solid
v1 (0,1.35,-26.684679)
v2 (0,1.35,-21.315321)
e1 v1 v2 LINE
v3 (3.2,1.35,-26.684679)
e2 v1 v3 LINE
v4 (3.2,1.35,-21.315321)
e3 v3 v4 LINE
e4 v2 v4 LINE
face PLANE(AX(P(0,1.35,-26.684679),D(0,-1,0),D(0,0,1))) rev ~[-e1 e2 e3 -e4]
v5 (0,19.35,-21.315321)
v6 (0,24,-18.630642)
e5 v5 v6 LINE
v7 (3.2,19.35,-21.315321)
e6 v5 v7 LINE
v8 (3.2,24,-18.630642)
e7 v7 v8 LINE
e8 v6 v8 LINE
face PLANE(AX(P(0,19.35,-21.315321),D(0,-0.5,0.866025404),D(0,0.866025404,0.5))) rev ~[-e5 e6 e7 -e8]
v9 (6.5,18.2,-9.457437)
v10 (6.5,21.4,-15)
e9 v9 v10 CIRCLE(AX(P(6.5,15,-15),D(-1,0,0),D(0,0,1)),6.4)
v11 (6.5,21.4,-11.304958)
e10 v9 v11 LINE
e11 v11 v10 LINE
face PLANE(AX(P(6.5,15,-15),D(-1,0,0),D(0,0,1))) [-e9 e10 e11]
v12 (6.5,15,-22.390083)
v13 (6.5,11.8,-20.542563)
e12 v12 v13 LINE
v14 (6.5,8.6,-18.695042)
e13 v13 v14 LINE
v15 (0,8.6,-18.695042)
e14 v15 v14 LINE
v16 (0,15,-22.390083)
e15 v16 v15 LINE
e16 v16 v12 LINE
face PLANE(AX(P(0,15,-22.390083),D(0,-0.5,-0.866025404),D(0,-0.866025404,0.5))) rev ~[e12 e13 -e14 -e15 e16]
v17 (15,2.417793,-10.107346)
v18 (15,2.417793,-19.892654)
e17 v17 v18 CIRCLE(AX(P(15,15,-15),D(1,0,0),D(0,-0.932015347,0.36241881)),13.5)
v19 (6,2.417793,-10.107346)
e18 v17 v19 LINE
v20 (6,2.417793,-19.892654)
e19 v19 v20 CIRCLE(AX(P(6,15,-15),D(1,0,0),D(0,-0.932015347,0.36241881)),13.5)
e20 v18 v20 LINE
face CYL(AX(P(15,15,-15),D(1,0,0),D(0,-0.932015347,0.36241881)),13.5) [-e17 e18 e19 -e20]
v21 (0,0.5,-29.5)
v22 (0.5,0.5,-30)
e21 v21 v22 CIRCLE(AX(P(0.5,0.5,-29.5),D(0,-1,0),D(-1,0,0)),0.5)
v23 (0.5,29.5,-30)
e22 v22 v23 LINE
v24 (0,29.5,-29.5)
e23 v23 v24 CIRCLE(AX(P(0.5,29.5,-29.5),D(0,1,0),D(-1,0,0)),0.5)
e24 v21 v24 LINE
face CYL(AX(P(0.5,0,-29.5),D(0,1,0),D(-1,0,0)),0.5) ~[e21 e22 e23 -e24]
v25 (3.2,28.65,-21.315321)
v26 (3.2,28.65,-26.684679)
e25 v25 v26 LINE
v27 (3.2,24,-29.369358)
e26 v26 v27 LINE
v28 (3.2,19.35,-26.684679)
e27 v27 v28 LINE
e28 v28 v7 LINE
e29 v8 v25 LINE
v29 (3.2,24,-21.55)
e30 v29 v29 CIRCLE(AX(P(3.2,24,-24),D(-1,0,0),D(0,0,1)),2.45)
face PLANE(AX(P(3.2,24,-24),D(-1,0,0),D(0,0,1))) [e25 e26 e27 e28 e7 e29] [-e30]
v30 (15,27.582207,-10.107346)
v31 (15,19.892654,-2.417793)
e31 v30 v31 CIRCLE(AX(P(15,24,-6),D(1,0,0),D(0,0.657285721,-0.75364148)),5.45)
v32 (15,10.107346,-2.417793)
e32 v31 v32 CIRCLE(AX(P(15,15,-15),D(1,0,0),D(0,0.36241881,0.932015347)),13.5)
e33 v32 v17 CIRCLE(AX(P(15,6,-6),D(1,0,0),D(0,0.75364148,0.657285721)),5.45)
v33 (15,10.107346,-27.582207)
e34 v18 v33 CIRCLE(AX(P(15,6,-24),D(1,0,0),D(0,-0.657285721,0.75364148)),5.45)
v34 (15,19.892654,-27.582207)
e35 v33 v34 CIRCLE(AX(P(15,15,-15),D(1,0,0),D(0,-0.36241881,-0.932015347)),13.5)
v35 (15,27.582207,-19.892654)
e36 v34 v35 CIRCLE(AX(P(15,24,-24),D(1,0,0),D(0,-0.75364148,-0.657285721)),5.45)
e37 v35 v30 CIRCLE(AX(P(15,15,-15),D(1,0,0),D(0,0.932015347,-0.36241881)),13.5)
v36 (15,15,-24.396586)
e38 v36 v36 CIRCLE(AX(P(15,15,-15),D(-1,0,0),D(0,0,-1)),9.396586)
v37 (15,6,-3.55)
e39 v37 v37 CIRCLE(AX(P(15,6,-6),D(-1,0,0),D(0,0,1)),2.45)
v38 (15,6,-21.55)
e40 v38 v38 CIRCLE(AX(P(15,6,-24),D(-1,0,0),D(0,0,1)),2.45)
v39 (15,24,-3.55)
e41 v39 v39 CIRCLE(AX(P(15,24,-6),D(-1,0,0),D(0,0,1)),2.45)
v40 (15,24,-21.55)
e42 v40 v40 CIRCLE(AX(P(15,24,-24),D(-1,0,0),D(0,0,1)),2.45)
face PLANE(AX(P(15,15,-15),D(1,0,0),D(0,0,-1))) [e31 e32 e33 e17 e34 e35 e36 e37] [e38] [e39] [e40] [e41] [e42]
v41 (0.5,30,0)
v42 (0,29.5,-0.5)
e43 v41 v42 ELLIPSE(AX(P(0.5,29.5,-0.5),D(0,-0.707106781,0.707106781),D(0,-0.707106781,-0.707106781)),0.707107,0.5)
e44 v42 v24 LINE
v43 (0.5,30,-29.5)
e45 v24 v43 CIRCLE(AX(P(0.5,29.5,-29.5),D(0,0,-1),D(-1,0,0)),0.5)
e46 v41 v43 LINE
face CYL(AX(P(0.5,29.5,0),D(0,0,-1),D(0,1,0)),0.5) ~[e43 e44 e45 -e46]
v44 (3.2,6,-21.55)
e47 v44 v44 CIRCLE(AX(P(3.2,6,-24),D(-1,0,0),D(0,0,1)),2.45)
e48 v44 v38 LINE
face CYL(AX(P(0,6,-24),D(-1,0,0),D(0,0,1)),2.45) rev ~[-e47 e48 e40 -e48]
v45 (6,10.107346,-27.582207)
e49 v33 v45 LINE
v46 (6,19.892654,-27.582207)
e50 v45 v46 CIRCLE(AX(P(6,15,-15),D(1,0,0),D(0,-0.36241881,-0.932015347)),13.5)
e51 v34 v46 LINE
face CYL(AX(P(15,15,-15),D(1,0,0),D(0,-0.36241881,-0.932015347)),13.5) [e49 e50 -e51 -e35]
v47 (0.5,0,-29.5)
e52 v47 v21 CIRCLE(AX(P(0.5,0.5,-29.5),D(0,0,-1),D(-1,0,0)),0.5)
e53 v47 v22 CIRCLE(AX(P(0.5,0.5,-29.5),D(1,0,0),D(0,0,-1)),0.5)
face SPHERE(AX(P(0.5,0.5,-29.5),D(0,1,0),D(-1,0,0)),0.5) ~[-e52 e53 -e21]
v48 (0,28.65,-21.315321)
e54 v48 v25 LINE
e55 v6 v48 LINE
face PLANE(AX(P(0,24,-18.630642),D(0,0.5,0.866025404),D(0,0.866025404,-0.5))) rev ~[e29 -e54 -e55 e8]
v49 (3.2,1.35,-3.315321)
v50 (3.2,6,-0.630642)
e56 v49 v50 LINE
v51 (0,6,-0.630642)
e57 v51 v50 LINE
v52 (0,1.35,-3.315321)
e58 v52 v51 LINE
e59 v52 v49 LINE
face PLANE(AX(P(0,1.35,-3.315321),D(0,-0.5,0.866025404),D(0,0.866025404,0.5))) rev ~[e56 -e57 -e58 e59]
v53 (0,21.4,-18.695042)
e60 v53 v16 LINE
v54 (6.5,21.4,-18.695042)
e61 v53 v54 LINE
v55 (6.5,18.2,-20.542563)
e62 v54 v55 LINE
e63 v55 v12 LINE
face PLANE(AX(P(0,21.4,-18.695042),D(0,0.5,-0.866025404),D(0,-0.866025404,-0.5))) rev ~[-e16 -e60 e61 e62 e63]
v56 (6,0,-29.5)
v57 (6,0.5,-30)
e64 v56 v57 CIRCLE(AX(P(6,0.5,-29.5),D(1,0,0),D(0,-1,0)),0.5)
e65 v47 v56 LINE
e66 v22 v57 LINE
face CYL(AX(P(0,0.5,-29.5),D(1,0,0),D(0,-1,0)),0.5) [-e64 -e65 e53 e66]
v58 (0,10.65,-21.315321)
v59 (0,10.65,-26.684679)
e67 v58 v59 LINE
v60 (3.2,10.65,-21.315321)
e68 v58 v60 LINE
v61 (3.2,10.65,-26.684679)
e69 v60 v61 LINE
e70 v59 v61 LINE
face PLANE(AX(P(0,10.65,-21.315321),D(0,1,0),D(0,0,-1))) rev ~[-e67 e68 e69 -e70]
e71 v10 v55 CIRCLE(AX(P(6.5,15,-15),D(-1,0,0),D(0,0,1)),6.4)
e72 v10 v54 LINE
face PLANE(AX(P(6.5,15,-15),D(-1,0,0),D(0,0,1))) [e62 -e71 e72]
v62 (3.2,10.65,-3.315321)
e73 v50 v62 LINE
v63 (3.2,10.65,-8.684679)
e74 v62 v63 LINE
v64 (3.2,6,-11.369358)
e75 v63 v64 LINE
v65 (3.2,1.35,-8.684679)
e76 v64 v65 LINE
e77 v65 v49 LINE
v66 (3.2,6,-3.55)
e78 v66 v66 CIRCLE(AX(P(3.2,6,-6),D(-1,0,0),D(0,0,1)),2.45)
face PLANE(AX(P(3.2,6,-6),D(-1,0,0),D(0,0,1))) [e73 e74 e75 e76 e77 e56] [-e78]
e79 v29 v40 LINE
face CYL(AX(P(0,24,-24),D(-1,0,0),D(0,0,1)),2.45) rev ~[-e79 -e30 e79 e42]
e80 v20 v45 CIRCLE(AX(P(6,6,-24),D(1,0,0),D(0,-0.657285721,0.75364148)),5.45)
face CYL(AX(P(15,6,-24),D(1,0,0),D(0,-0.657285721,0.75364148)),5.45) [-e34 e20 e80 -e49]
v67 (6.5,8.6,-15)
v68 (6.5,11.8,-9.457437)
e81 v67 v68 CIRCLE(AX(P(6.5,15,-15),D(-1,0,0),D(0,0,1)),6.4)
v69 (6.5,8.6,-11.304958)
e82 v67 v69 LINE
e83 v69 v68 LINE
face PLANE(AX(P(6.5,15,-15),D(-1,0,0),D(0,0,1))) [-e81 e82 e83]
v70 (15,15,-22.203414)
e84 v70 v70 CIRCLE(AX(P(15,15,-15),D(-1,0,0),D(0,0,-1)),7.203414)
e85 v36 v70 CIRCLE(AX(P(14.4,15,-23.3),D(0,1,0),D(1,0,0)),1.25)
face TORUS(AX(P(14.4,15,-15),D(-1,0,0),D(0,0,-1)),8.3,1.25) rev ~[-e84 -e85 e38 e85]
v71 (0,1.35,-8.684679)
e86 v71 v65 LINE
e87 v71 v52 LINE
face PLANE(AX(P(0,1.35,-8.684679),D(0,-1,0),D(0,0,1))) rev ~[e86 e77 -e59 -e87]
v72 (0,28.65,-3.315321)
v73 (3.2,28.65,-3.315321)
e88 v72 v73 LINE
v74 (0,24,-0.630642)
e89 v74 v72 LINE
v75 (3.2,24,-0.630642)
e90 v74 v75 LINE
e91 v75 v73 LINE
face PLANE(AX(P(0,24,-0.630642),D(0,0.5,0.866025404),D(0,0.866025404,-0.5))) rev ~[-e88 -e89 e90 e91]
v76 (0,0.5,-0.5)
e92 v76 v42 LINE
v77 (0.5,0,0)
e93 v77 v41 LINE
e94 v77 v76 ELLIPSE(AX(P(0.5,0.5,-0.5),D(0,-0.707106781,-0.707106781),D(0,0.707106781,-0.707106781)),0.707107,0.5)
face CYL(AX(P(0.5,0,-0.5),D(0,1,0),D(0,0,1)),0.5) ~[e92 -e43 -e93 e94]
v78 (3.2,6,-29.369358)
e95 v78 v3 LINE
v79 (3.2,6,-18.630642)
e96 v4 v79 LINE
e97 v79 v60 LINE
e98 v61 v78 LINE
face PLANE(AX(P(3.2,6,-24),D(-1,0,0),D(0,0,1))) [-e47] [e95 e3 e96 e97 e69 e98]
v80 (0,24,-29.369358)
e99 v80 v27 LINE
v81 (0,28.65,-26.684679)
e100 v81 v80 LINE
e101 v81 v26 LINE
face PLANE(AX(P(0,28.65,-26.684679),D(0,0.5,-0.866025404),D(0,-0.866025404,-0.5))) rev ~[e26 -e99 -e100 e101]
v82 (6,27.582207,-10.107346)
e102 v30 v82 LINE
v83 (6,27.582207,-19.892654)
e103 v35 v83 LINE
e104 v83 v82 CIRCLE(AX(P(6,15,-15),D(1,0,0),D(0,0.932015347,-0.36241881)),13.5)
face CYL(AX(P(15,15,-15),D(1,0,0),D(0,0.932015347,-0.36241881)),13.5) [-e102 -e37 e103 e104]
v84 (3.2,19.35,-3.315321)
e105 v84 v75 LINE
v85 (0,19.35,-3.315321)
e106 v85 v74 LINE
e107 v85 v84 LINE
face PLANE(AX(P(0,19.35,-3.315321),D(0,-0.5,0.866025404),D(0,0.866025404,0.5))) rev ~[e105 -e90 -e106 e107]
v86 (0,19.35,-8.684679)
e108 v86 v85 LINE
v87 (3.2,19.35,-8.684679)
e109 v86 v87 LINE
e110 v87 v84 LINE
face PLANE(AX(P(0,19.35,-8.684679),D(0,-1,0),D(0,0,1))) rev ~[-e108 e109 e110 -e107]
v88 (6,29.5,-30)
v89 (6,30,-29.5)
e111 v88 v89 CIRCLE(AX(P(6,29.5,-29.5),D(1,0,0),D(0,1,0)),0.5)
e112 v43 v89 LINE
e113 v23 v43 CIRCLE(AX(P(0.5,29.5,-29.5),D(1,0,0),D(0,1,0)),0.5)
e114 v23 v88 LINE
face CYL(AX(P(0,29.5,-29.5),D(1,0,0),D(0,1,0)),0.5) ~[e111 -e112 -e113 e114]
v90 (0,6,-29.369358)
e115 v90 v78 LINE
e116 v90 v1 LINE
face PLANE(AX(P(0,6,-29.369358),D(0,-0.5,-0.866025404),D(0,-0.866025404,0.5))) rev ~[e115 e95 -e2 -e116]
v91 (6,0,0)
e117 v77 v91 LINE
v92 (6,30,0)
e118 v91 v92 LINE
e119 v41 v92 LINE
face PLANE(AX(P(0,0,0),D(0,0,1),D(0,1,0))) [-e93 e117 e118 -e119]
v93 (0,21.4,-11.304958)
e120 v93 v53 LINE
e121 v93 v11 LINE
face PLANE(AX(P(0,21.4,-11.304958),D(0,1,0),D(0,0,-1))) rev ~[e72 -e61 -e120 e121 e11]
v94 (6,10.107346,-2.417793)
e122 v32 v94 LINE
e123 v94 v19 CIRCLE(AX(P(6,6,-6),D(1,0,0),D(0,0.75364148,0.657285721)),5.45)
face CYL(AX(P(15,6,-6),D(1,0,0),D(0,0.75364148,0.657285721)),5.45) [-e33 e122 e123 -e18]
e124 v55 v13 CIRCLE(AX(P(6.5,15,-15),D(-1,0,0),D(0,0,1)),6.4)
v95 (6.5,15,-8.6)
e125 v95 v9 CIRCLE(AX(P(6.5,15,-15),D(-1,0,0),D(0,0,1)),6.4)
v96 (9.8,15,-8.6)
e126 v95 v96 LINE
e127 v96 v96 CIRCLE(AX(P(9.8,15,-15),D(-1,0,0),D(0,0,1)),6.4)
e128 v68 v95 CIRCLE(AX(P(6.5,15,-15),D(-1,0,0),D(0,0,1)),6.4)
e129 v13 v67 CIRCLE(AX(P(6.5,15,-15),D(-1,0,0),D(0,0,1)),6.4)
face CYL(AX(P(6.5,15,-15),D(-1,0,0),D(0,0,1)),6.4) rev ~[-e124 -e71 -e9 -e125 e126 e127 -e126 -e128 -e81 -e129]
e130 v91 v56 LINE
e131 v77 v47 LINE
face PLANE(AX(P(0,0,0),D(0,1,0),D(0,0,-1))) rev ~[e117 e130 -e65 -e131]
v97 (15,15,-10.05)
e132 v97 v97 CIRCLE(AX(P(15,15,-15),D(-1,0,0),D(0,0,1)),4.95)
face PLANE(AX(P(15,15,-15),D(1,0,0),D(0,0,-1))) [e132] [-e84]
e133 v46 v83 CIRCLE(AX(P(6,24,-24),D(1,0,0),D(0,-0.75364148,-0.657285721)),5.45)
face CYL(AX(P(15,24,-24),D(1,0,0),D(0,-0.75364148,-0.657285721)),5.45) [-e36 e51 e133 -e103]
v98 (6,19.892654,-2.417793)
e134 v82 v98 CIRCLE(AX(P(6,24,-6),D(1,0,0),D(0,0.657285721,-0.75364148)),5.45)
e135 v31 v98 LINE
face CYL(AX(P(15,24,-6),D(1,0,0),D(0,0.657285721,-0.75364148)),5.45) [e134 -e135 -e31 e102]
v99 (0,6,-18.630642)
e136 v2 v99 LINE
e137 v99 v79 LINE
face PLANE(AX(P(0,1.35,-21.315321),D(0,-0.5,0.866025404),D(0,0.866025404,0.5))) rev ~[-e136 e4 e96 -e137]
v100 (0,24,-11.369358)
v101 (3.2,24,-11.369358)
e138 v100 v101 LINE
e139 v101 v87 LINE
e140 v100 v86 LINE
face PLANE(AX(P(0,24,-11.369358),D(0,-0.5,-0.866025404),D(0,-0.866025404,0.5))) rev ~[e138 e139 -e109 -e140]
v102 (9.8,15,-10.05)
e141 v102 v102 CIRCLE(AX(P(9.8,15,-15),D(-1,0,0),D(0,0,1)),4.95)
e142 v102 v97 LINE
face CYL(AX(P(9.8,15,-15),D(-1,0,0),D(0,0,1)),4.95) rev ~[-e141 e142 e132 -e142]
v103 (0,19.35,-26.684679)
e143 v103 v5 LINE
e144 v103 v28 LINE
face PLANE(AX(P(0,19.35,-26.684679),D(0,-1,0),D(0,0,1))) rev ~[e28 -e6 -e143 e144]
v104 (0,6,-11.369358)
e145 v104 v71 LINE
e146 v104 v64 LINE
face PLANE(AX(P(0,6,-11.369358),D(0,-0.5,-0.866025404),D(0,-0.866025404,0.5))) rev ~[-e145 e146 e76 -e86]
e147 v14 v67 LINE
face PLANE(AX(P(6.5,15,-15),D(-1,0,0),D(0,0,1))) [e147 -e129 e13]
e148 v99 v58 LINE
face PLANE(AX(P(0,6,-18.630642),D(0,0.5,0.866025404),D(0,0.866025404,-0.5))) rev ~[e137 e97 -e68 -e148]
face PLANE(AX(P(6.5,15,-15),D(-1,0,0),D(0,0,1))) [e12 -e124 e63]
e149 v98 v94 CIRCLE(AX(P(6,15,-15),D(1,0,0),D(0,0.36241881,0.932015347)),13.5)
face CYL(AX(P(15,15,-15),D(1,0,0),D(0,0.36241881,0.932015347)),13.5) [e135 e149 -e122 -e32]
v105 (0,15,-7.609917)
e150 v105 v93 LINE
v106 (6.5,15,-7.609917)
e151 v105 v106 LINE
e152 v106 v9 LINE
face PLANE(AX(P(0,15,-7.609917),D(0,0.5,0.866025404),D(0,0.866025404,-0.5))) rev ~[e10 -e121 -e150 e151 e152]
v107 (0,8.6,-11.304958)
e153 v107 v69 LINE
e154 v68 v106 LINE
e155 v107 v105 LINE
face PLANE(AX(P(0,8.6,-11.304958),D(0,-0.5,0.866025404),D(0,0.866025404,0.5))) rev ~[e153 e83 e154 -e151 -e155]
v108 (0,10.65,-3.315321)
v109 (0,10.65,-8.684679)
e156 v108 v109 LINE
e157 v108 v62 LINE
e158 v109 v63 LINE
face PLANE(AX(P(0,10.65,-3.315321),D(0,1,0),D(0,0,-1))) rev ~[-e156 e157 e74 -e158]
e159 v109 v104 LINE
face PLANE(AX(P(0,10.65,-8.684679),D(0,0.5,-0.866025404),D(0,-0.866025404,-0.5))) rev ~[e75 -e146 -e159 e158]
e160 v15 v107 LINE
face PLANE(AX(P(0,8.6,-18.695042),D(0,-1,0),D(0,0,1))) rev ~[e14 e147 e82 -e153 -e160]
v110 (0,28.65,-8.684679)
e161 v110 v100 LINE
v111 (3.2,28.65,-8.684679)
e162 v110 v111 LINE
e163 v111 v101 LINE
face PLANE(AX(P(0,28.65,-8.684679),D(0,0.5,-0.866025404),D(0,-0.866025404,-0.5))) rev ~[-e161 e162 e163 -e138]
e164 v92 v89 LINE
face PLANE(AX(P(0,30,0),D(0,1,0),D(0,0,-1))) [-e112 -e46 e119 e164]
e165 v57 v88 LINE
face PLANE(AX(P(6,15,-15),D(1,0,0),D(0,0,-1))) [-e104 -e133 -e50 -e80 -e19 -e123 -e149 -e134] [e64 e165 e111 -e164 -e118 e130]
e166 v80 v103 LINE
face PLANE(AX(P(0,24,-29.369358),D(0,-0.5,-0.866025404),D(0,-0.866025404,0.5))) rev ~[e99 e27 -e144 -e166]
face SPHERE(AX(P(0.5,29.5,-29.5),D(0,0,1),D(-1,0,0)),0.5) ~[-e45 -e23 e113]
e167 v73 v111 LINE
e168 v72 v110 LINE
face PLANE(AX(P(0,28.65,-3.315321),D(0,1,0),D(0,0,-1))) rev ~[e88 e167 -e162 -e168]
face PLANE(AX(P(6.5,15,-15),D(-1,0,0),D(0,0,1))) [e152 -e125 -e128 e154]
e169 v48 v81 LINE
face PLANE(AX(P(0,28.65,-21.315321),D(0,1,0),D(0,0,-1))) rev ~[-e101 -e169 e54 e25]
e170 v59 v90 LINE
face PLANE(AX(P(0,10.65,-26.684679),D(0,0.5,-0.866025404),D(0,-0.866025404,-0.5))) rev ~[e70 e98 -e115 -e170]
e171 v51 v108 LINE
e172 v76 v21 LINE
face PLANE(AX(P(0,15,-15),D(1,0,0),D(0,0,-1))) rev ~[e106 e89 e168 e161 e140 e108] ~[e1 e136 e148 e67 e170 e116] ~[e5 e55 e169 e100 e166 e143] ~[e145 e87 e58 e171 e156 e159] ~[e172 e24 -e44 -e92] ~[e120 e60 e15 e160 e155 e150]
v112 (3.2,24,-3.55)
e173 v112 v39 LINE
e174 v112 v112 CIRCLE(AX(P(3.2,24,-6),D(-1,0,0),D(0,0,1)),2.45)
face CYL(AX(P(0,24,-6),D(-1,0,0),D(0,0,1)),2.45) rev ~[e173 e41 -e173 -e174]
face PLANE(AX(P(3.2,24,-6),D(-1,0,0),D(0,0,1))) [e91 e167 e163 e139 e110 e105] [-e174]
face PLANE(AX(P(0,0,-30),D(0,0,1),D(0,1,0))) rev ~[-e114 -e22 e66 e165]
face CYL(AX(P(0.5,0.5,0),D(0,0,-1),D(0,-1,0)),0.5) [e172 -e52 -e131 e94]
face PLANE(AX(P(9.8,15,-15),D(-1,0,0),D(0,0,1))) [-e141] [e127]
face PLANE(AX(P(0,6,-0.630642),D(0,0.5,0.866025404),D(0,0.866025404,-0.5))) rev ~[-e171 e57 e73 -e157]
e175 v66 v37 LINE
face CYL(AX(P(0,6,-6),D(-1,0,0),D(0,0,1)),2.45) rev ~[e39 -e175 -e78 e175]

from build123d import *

# Parameters (mm, degrees)
SKETCH1_W           = 30
SKETCH1_H           = 30
BOSS_EXTRUDE1_DEPTH = 15
SKETCH2_R           = 2.45
CUT_EXTRUDE1_DEPTH  = 46
CUT_EXTRUDE2_DEPTH  = 6.5
SKETCH4_R           = 6.4
CUT_EXTRUDE3_DEPTH  = 3.3
SKETCH5_R           = 4.95
CUT_EXTRUDE4_DEPTH  = 44.543541427
SKETCH6_R           = 1.25
FILLET1_R           = 0.5
CUT_EXTRUDE5_DEPTH  = 3.2
SKETCH9_W           = 34
SKETCH9_H           = 34
CUT_EXTRUDE7_DEPTH  = 9


with BuildPart() as part:
    # Sketch1 → Boss-Extrude1 (new body)
    with BuildSketch(Plane(origin=(0, 0, 0), x_dir=(0, 0, -1), z_dir=(1, 0, 0))):
        with Locations((15, 15)):
            Rectangle(SKETCH1_W, SKETCH1_H)
    extrude(amount=BOSS_EXTRUDE1_DEPTH)

    # Sketch2 → Cut-Extrude1 (cut, through all)
    with BuildSketch(Plane.ZY):
        with Locations((-24, 24)):
            Circle(SKETCH2_R)
        with Locations((-6, 24)):
            Circle(SKETCH2_R)
        with Locations((-6, 6)):
            Circle(SKETCH2_R)
        with Locations((-24, 6)):
            Circle(SKETCH2_R)
    extrude(amount=-CUT_EXTRUDE1_DEPTH, mode=Mode.SUBTRACT)

    # Sketch3 → Cut-Extrude2 (cut)
    with BuildSketch(Plane.ZY):
        Polygon((-7.609916554, 15), (-11.304958277, 21.4), (-18.695041723, 21.4), (-22.390083446, 15), (-18.695041723, 8.6), (-11.304958277, 8.6), align=None)
    extrude(amount=-CUT_EXTRUDE2_DEPTH, mode=Mode.SUBTRACT)

    # Sketch4 → Cut-Extrude3 (cut)
    with BuildSketch(Plane.ZY.offset(-6.5)):
        with Locations((-15, 15)):
            Circle(SKETCH4_R)
    extrude(amount=-CUT_EXTRUDE3_DEPTH, mode=Mode.SUBTRACT)

    # Sketch5 → Cut-Extrude4 (cut, through all)
    with BuildSketch(Plane.ZY.offset(-9.8)):
        with Locations((-15, 15)):
            Circle(SKETCH5_R)
    extrude(amount=-CUT_EXTRUDE4_DEPTH, mode=Mode.SUBTRACT)

    # Sketch6 → Cut-Revolve1 (revolve, cut)
    with BuildSketch(Plane.XY.offset(-15), mode=Mode.PRIVATE) as cut_revolve1_sk:
        with Locations((14.4, 23.3)):
            Circle(SKETCH6_R)
    revolve(cut_revolve1_sk.sketch.rotate(Axis((9.8, 15, -15), (-1, 0, 0)), 90), axis=Axis((9.8, 15, -15), (-1, 0, 0)), mode=Mode.SUBTRACT)

    # Fillet1
    fillet1_edges = [part.edges().sort_by_distance(p)[0] for p in [
        (0, 30, -15),
        (0, 15, -30),
        (0, 0, -15),
        (0, 15, 0),
        (7.5, 30, -30),
        (7.5, 0, -30),
    ]]
    fillet(fillet1_edges, radius=FILLET1_R)

    # Sketch7 → Cut-Extrude5 (cut)
    with BuildSketch(Plane.ZY):
        Polygon((-18.630642497, 24), (-21.315321248, 28.65), (-26.684678752, 28.65), (-29.369357503, 24), (-26.684678752, 19.35), (-21.315321248, 19.35), align=None)
        Polygon((-0.630642497, 24), (-3.315321248, 28.65), (-8.684678752, 28.65), (-11.369357503, 24), (-8.684678752, 19.35), (-3.315321248, 19.35), align=None)
        Polygon((-0.630642497, 6), (-3.315321248, 10.65), (-8.684678752, 10.65), (-11.369357503, 6), (-8.684678752, 1.35), (-3.315321248, 1.35), align=None)
        Polygon((-18.630642497, 6), (-21.315321248, 10.65), (-26.684678752, 10.65), (-29.369357503, 6), (-26.684678752, 1.35), (-21.315321248, 1.35), align=None)
    extrude(amount=-CUT_EXTRUDE5_DEPTH, mode=Mode.SUBTRACT)

    # Sketch9 → Cut-Extrude7 (cut)
    with BuildSketch(Plane(origin=(15, 0, 0), x_dir=(0, 0, -1), z_dir=(1, 0, 0))):
        with Locations((15, 15)):
            Rectangle(SKETCH9_W, SKETCH9_H)
        with BuildLine():
            ThreePointArc((10.107346068, 27.582207179), (2.146268043, 27.853731957), (2.417792821, 19.892653932))
            ThreePointArc((2.417792821, 19.892653932), (1.5, 15), (2.417792821, 10.107346068))
            ThreePointArc((2.417792821, 10.107346068), (2.146268043, 2.146268043), (10.107346068, 2.417792821))
            ThreePointArc((10.107346068, 2.417792821), (15, 1.5), (19.892653932, 2.417792821))
            ThreePointArc((19.892653932, 2.417792821), (27.853731957, 2.146268043), (27.582207179, 10.107346068))
            ThreePointArc((27.582207179, 10.107346068), (28.5, 15), (27.582207179, 19.892653932))
            ThreePointArc((27.582207179, 19.892653932), (27.853731957, 27.853731957), (19.892653932, 27.582207179))
            ThreePointArc((19.892653932, 27.582207179), (15, 28.5), (10.107346068, 27.582207179))
        make_face(mode=Mode.SUBTRACT)
    extrude(amount=-CUT_EXTRUDE7_DEPTH, mode=Mode.SUBTRACT)


solid = part.part
